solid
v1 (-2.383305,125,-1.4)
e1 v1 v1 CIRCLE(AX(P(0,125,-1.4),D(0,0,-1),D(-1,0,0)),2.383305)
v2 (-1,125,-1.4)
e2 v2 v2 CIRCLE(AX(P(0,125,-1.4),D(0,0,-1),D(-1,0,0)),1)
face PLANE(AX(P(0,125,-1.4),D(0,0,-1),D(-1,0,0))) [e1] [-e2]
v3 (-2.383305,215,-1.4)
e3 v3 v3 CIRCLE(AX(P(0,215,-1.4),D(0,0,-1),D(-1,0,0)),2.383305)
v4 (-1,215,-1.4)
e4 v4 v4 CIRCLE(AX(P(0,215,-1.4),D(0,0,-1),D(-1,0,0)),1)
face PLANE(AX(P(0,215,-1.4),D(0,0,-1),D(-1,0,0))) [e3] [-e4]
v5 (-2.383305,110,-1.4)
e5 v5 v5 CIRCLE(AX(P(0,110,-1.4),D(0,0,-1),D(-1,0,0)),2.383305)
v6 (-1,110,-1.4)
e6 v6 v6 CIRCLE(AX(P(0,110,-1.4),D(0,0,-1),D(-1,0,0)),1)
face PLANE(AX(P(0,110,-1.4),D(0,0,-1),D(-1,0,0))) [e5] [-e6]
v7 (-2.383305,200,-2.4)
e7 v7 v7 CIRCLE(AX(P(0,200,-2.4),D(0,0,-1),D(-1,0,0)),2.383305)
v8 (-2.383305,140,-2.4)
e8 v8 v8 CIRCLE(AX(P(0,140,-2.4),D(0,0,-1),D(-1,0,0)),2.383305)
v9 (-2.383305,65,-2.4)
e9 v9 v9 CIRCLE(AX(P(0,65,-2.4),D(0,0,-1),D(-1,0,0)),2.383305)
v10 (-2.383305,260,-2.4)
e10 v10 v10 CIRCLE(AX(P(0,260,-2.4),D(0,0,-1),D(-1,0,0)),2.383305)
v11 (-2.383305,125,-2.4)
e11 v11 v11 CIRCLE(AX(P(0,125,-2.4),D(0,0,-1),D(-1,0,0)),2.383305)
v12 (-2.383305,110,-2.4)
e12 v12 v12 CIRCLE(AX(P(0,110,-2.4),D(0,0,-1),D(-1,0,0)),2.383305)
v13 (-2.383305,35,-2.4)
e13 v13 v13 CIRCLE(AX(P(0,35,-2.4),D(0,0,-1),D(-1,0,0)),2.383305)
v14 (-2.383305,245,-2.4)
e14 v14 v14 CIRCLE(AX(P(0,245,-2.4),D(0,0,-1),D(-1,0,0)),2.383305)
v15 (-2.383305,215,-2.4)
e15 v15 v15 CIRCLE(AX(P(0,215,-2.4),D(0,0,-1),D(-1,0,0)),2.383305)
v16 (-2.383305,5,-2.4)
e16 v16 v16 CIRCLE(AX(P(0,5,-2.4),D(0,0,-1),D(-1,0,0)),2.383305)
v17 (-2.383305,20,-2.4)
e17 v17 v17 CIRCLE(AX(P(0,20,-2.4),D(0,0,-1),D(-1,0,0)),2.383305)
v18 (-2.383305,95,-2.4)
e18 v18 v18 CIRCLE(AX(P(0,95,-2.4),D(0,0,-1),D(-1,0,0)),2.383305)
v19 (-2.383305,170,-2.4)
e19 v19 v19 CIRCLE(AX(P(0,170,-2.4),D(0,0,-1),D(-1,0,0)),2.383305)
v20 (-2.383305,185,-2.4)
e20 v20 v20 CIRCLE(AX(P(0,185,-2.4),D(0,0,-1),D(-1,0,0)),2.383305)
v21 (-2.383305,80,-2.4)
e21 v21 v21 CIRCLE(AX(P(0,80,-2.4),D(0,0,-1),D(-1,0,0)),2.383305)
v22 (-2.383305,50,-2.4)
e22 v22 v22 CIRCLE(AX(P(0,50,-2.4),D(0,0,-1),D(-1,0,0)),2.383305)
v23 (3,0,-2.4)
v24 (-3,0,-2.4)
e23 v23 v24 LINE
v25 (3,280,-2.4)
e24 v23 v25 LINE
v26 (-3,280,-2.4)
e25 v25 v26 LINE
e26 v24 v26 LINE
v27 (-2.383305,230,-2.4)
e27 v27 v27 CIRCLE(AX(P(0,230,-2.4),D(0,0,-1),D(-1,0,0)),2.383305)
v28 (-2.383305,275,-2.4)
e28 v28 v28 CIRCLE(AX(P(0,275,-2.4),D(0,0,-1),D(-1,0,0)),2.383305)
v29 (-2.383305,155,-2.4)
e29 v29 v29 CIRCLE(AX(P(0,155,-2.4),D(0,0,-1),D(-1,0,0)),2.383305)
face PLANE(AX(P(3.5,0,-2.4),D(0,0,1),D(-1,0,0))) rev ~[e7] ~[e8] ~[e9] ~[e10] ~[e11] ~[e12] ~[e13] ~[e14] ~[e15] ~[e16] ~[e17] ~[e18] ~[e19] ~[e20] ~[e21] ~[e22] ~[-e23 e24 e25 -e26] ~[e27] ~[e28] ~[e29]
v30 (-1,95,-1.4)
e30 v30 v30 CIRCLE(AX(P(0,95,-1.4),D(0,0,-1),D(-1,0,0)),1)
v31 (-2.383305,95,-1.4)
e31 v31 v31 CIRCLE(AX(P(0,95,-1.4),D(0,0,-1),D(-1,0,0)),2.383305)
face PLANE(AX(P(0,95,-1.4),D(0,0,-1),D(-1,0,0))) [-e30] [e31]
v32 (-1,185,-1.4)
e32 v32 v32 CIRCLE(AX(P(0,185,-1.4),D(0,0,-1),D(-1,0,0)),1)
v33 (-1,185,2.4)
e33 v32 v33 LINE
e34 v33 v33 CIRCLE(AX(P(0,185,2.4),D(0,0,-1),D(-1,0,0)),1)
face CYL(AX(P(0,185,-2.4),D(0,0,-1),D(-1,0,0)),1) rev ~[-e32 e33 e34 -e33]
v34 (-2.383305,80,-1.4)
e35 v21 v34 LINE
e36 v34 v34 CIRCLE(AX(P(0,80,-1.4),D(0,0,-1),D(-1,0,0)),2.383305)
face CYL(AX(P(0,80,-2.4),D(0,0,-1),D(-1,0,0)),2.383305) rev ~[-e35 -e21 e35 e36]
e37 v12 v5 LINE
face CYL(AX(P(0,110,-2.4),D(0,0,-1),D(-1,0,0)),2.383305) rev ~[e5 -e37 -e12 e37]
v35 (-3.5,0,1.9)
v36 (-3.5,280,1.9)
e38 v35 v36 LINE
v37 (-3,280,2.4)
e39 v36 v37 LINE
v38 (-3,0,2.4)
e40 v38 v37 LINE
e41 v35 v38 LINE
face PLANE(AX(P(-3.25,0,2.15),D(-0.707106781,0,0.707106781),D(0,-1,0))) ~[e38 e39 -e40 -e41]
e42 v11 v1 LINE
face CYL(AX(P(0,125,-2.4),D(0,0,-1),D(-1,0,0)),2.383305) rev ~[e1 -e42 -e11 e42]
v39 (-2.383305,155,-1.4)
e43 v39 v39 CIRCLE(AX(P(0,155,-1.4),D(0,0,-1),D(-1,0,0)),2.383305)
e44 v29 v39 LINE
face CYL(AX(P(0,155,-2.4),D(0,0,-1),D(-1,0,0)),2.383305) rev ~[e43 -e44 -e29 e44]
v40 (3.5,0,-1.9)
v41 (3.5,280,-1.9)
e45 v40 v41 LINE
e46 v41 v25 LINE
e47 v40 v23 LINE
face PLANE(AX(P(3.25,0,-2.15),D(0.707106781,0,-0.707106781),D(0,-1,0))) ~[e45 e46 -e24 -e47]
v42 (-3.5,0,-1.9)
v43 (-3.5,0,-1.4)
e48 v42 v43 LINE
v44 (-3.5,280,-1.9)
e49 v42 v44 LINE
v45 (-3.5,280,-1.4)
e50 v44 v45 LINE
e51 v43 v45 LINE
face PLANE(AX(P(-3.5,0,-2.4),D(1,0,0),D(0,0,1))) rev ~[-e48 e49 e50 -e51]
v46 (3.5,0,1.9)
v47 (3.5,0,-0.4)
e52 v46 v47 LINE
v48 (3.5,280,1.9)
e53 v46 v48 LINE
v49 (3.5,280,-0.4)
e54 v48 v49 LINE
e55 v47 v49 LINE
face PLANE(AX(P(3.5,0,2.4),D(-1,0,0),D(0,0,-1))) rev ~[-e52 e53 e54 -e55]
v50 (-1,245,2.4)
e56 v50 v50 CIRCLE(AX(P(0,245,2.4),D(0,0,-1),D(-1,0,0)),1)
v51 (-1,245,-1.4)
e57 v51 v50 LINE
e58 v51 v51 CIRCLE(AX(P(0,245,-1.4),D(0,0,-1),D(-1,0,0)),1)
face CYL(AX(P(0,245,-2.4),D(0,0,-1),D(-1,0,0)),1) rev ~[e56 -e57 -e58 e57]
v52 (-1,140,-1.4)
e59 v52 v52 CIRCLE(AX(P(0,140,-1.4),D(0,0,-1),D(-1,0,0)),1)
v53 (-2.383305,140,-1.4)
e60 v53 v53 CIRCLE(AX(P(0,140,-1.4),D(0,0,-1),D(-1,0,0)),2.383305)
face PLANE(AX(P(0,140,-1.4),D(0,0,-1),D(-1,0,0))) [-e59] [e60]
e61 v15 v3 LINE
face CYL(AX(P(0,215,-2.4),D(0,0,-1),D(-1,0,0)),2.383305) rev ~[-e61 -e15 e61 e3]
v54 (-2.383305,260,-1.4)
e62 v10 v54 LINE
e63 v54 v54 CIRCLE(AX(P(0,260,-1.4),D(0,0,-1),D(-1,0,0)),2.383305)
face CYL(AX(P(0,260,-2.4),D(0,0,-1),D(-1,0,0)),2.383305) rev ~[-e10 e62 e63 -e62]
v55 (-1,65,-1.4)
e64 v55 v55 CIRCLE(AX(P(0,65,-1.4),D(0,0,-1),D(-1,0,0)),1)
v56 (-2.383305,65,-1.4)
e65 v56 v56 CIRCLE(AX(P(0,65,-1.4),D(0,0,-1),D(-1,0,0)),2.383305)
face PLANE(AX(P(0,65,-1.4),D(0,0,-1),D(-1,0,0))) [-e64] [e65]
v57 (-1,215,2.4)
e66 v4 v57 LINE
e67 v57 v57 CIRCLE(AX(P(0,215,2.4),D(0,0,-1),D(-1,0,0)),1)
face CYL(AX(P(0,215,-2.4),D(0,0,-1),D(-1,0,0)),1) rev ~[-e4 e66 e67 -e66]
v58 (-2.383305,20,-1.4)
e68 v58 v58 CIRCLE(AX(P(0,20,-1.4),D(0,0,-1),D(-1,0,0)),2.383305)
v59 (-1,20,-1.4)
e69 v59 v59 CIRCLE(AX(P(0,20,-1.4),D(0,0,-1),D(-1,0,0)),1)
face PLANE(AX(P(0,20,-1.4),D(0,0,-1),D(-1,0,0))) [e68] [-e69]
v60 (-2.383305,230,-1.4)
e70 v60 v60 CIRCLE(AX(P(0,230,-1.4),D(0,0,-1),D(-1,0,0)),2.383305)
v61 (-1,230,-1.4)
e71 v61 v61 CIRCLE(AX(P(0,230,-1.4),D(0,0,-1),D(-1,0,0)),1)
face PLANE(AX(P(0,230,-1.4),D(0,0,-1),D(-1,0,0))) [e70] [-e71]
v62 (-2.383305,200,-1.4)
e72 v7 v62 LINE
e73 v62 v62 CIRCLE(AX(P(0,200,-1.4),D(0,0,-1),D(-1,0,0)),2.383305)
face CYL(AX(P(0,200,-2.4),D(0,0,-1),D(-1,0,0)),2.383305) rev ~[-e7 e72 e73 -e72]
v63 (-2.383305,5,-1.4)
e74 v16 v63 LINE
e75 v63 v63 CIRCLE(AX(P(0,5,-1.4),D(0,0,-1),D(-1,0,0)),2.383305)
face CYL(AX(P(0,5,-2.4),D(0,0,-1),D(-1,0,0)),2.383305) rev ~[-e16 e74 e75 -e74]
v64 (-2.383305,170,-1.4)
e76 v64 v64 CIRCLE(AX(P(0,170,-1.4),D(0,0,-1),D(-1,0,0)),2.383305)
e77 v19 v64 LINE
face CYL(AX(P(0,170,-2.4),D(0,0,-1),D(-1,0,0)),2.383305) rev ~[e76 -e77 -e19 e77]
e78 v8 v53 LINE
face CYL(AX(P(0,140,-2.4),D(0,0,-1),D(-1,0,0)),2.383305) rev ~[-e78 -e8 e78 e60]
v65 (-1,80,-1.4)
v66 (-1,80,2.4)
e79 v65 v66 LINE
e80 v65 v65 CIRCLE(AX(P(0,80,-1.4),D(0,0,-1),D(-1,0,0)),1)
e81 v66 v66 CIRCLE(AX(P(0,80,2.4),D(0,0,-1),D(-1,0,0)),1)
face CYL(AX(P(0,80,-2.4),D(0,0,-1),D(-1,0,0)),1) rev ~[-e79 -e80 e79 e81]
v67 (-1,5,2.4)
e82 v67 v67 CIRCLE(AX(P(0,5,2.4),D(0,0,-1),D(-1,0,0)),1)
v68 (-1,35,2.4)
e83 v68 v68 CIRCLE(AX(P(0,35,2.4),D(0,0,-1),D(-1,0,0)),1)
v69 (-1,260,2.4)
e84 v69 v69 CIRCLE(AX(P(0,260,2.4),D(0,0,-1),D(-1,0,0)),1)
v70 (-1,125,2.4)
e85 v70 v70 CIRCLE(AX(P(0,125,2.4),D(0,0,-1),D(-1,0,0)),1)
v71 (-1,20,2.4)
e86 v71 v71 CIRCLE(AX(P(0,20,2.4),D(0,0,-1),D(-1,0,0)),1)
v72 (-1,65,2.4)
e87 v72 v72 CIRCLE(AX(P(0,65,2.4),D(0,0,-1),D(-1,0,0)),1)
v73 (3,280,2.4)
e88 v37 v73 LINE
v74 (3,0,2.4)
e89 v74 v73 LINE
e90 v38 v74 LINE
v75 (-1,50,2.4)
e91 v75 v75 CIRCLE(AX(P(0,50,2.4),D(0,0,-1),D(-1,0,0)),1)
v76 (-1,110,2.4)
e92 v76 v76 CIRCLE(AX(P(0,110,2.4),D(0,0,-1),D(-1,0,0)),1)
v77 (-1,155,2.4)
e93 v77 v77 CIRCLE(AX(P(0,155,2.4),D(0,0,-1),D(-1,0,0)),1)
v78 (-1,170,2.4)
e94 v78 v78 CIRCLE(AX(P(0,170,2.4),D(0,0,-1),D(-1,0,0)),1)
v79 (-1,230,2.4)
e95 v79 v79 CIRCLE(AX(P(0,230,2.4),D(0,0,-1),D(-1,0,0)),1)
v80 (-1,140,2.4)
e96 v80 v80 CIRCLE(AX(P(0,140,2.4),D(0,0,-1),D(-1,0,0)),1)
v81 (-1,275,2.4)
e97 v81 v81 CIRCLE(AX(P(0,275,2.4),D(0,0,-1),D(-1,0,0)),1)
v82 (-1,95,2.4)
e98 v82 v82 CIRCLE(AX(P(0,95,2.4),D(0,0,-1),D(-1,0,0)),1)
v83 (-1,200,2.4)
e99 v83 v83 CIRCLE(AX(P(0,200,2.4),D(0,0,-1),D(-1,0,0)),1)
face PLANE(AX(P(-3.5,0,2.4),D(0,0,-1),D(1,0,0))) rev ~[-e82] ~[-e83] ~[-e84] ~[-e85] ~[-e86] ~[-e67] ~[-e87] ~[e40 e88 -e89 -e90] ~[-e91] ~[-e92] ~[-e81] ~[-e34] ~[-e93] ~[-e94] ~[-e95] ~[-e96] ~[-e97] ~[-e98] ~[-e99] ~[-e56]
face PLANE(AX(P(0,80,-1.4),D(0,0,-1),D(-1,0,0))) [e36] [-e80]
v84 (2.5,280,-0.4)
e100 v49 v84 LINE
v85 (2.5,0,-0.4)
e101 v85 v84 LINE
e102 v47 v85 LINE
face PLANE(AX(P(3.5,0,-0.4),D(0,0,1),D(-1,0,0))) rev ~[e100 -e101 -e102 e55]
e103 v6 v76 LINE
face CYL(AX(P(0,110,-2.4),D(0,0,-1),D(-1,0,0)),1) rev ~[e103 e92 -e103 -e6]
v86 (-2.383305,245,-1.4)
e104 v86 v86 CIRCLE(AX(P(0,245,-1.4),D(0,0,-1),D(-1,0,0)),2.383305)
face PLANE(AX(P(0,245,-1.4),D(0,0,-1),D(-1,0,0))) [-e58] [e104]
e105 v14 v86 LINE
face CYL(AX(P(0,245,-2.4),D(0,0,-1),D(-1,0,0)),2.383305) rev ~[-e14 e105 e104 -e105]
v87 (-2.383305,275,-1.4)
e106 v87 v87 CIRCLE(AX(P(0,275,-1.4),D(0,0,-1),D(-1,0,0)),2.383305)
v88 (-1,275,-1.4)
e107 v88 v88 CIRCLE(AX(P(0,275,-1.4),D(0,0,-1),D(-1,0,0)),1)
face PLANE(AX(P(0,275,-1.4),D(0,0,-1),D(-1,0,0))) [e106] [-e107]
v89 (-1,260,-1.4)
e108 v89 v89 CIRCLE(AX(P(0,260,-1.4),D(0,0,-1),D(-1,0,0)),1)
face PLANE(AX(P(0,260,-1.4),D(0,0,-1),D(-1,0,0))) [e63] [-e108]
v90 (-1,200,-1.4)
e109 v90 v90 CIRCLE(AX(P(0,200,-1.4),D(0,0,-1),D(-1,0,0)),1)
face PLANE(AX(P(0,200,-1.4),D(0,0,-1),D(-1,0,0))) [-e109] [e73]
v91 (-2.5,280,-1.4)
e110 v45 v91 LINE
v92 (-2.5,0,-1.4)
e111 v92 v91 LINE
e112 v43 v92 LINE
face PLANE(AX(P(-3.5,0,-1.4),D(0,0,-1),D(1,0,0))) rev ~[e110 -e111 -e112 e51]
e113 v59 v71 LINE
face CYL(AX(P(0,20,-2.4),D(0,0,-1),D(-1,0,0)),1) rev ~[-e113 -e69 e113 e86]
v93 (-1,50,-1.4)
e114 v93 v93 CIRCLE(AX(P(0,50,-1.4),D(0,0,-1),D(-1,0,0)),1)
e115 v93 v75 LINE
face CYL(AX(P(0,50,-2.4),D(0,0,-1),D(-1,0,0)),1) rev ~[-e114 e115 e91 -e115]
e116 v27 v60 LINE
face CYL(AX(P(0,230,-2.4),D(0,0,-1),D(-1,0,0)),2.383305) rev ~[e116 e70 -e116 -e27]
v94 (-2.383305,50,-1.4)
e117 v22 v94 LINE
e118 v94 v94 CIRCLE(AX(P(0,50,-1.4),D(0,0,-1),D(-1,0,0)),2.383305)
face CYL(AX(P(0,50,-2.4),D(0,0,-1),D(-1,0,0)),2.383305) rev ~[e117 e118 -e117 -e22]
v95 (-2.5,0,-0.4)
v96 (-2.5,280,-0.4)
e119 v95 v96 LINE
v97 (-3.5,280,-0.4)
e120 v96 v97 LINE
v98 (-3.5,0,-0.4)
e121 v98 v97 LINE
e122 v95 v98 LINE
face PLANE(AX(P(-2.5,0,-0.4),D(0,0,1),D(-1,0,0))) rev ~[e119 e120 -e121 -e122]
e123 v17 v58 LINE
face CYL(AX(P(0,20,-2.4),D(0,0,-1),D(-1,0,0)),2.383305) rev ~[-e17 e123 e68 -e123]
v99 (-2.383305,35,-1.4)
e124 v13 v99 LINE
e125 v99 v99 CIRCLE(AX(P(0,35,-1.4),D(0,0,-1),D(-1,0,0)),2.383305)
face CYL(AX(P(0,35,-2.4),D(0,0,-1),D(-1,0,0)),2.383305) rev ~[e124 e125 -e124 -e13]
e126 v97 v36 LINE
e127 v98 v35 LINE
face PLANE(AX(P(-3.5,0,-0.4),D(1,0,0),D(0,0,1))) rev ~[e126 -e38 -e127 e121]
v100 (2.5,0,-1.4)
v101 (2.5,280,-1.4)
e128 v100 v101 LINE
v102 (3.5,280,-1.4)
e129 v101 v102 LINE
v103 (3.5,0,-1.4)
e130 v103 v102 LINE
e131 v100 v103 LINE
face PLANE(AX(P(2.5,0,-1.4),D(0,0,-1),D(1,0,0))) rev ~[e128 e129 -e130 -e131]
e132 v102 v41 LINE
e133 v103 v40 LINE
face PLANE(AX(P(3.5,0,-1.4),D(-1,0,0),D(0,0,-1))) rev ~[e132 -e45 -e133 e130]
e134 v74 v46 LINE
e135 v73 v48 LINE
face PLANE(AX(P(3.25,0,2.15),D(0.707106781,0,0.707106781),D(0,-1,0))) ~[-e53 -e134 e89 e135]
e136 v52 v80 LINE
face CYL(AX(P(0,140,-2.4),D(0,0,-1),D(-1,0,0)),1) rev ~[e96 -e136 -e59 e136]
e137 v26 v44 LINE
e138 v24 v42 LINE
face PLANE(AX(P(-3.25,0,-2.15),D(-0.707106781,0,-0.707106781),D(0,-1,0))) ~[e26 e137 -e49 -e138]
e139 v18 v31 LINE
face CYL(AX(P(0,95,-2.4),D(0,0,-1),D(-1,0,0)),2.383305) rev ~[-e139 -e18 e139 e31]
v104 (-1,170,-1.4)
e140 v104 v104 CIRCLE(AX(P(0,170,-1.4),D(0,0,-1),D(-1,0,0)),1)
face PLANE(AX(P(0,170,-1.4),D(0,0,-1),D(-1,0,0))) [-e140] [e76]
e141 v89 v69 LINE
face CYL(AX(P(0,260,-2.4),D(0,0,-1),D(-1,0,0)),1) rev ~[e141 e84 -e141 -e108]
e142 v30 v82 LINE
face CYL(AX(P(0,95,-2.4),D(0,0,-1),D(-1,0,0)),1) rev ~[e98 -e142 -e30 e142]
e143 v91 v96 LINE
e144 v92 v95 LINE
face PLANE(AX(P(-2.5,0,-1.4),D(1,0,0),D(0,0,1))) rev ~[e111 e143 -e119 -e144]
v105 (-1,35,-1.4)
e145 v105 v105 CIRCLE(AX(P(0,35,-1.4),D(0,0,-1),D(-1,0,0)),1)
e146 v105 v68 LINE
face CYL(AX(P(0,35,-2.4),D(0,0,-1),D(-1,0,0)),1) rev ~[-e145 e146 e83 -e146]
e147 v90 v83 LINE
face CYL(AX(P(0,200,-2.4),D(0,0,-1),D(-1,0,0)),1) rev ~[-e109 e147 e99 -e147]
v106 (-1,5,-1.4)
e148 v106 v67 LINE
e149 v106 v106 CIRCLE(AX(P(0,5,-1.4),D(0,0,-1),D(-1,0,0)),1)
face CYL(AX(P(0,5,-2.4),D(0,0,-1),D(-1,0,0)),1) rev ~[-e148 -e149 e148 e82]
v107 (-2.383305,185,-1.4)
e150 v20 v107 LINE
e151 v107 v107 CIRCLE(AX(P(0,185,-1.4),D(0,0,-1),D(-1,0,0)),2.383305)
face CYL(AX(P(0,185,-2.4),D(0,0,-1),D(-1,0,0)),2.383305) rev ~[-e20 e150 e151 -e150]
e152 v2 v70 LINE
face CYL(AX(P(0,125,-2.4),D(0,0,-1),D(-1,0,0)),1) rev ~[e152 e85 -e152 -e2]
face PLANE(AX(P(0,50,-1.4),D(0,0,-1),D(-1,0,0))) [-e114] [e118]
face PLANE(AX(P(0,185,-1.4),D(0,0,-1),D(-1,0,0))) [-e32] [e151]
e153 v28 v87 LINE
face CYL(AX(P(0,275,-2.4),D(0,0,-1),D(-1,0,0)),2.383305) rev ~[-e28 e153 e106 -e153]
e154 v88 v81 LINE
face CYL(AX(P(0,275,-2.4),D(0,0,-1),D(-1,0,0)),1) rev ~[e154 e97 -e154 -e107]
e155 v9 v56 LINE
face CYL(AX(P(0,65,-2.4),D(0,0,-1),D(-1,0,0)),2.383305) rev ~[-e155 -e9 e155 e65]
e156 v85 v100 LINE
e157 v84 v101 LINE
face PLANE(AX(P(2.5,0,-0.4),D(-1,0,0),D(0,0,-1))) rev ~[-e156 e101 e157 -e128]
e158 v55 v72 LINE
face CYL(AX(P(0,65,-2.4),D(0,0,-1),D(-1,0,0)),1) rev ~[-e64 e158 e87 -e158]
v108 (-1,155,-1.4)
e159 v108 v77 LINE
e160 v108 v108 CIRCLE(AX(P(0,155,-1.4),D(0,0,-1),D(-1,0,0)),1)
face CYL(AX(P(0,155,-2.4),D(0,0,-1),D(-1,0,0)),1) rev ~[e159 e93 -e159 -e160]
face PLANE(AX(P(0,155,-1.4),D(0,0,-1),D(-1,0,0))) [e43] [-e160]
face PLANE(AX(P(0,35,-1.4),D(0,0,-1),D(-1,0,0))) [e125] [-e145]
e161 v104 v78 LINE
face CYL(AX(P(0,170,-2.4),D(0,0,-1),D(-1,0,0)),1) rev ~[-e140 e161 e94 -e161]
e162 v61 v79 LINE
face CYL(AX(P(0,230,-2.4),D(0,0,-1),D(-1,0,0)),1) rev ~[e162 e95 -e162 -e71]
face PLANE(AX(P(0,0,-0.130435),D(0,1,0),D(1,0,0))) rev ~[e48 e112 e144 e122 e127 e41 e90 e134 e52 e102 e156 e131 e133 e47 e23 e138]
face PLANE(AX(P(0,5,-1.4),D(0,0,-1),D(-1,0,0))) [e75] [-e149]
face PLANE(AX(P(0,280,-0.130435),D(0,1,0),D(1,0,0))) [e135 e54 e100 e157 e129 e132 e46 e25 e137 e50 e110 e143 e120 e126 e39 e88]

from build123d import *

# Parameters (mm, degrees)
EXTRUDE_1_DEPTH     = 280
SKETCH_2_R          = 1
CUT_EXTRUDE_1_DEPTH = 10
CHAMFER_1_SIZE      = 0.5
SKETCH_3_R          = 2.383304988
CUT_EXTRUDE_2_DEPTH = 1


with BuildPart() as part:
    # 草图1 → 凸台-拉伸1 (new body)
    with BuildSketch(Plane(origin=(0, 0, 0), x_dir=(1, 0, 0), z_dir=(0, 1, 0))):
        Polygon((-3.5, 0.4), (-3.5, -2.4), (3.5, -2.4), (3.5, 0.4), (2.5, 0.4), (2.5, 1.4), (3.5, 1.4), (3.5, 2.4), (-3.5, 2.4), (-3.5, 1.4), (-2.5, 1.4), (-2.5, 0.4), align=None)
    extrude(amount=EXTRUDE_1_DEPTH)

    # 草图2 → 切除-拉伸1 (cut)
    with BuildSketch(Plane(origin=(0, 0, -2.4), x_dir=(-1, 0, 0), z_dir=(0, 0, -1))):
        with Locations((0, 5)):
            Circle(SKETCH_2_R)
        with Locations((0, 20)):
            Circle(SKETCH_2_R)
        with Locations((0, 35)):
            Circle(SKETCH_2_R)
        with Locations((0, 50)):
            Circle(SKETCH_2_R)
        with Locations((0, 65)):
            Circle(SKETCH_2_R)
        with Locations((0, 80)):
            Circle(SKETCH_2_R)
        with Locations((0, 95)):
            Circle(SKETCH_2_R)
        with Locations((0, 110)):
            Circle(SKETCH_2_R)
        with Locations((0, 125)):
            Circle(SKETCH_2_R)
        with Locations((0, 140)):
            Circle(SKETCH_2_R)
        with Locations((0, 155)):
            Circle(SKETCH_2_R)
        with Locations((0, 170)):
            Circle(SKETCH_2_R)
        with Locations((0, 185)):
            Circle(SKETCH_2_R)
        with Locations((0, 200)):
            Circle(SKETCH_2_R)
        with Locations((0, 215)):
            Circle(SKETCH_2_R)
        with Locations((0, 230)):
            Circle(SKETCH_2_R)
        with Locations((0, 245)):
            Circle(SKETCH_2_R)
        with Locations((0, 260)):
            Circle(SKETCH_2_R)
        with Locations((0, 275)):
            Circle(SKETCH_2_R)
    extrude(amount=-CUT_EXTRUDE_1_DEPTH, mode=Mode.SUBTRACT)

    # 倒角1
    chamfer_1_edges = [part.edges().sort_by_distance(p)[0] for p in [
        (-3.5, 140, -2.4),
        (3.5, 140, -2.4),
        (3.5, 140, 2.4),
        (-3.5, 140, 2.4),
    ]]
    chamfer(chamfer_1_edges, length=CHAMFER_1_SIZE)

    # 草图3 → 切除-拉伸2 (cut)
    with BuildSketch(Plane(origin=(0, 0, -2.4), x_dir=(-1, 0, 0), z_dir=(0, 0, -1))):
        with Locations((0, 5)):
            Circle(SKETCH_3_R)
        with Locations((0, 20)):
            Circle(SKETCH_3_R)
        with Locations((0, 35)):
            Circle(SKETCH_3_R)
        with Locations((0, 50)):
            Circle(SKETCH_3_R)
        with Locations((0, 65)):
            Circle(SKETCH_3_R)
        with Locations((0, 80)):
            Circle(SKETCH_3_R)
        with Locations((0, 95)):
            Circle(SKETCH_3_R)
        with Locations((0, 110)):
            Circle(SKETCH_3_R)
        with Locations((0, 125)):
            Circle(SKETCH_3_R)
        with Locations((0, 140)):
            Circle(SKETCH_3_R)
        with Locations((0, 155)):
            Circle(SKETCH_3_R)
        with Locations((0, 170)):
            Circle(SKETCH_3_R)
        with Locations((0, 185)):
            Circle(SKETCH_3_R)
        with Locations((0, 200)):
            Circle(SKETCH_3_R)
        with Locations((0, 215)):
            Circle(SKETCH_3_R)
        with Locations((0, 230)):
            Circle(SKETCH_3_R)
        with Locations((0, 245)):
            Circle(SKETCH_3_R)
        with Locations((0, 260)):
            Circle(SKETCH_3_R)
        with Locations((0, 275)):
            Circle(SKETCH_3_R)
    extrude(amount=-CUT_EXTRUDE_2_DEPTH, mode=Mode.SUBTRACT)


solid = part.part
